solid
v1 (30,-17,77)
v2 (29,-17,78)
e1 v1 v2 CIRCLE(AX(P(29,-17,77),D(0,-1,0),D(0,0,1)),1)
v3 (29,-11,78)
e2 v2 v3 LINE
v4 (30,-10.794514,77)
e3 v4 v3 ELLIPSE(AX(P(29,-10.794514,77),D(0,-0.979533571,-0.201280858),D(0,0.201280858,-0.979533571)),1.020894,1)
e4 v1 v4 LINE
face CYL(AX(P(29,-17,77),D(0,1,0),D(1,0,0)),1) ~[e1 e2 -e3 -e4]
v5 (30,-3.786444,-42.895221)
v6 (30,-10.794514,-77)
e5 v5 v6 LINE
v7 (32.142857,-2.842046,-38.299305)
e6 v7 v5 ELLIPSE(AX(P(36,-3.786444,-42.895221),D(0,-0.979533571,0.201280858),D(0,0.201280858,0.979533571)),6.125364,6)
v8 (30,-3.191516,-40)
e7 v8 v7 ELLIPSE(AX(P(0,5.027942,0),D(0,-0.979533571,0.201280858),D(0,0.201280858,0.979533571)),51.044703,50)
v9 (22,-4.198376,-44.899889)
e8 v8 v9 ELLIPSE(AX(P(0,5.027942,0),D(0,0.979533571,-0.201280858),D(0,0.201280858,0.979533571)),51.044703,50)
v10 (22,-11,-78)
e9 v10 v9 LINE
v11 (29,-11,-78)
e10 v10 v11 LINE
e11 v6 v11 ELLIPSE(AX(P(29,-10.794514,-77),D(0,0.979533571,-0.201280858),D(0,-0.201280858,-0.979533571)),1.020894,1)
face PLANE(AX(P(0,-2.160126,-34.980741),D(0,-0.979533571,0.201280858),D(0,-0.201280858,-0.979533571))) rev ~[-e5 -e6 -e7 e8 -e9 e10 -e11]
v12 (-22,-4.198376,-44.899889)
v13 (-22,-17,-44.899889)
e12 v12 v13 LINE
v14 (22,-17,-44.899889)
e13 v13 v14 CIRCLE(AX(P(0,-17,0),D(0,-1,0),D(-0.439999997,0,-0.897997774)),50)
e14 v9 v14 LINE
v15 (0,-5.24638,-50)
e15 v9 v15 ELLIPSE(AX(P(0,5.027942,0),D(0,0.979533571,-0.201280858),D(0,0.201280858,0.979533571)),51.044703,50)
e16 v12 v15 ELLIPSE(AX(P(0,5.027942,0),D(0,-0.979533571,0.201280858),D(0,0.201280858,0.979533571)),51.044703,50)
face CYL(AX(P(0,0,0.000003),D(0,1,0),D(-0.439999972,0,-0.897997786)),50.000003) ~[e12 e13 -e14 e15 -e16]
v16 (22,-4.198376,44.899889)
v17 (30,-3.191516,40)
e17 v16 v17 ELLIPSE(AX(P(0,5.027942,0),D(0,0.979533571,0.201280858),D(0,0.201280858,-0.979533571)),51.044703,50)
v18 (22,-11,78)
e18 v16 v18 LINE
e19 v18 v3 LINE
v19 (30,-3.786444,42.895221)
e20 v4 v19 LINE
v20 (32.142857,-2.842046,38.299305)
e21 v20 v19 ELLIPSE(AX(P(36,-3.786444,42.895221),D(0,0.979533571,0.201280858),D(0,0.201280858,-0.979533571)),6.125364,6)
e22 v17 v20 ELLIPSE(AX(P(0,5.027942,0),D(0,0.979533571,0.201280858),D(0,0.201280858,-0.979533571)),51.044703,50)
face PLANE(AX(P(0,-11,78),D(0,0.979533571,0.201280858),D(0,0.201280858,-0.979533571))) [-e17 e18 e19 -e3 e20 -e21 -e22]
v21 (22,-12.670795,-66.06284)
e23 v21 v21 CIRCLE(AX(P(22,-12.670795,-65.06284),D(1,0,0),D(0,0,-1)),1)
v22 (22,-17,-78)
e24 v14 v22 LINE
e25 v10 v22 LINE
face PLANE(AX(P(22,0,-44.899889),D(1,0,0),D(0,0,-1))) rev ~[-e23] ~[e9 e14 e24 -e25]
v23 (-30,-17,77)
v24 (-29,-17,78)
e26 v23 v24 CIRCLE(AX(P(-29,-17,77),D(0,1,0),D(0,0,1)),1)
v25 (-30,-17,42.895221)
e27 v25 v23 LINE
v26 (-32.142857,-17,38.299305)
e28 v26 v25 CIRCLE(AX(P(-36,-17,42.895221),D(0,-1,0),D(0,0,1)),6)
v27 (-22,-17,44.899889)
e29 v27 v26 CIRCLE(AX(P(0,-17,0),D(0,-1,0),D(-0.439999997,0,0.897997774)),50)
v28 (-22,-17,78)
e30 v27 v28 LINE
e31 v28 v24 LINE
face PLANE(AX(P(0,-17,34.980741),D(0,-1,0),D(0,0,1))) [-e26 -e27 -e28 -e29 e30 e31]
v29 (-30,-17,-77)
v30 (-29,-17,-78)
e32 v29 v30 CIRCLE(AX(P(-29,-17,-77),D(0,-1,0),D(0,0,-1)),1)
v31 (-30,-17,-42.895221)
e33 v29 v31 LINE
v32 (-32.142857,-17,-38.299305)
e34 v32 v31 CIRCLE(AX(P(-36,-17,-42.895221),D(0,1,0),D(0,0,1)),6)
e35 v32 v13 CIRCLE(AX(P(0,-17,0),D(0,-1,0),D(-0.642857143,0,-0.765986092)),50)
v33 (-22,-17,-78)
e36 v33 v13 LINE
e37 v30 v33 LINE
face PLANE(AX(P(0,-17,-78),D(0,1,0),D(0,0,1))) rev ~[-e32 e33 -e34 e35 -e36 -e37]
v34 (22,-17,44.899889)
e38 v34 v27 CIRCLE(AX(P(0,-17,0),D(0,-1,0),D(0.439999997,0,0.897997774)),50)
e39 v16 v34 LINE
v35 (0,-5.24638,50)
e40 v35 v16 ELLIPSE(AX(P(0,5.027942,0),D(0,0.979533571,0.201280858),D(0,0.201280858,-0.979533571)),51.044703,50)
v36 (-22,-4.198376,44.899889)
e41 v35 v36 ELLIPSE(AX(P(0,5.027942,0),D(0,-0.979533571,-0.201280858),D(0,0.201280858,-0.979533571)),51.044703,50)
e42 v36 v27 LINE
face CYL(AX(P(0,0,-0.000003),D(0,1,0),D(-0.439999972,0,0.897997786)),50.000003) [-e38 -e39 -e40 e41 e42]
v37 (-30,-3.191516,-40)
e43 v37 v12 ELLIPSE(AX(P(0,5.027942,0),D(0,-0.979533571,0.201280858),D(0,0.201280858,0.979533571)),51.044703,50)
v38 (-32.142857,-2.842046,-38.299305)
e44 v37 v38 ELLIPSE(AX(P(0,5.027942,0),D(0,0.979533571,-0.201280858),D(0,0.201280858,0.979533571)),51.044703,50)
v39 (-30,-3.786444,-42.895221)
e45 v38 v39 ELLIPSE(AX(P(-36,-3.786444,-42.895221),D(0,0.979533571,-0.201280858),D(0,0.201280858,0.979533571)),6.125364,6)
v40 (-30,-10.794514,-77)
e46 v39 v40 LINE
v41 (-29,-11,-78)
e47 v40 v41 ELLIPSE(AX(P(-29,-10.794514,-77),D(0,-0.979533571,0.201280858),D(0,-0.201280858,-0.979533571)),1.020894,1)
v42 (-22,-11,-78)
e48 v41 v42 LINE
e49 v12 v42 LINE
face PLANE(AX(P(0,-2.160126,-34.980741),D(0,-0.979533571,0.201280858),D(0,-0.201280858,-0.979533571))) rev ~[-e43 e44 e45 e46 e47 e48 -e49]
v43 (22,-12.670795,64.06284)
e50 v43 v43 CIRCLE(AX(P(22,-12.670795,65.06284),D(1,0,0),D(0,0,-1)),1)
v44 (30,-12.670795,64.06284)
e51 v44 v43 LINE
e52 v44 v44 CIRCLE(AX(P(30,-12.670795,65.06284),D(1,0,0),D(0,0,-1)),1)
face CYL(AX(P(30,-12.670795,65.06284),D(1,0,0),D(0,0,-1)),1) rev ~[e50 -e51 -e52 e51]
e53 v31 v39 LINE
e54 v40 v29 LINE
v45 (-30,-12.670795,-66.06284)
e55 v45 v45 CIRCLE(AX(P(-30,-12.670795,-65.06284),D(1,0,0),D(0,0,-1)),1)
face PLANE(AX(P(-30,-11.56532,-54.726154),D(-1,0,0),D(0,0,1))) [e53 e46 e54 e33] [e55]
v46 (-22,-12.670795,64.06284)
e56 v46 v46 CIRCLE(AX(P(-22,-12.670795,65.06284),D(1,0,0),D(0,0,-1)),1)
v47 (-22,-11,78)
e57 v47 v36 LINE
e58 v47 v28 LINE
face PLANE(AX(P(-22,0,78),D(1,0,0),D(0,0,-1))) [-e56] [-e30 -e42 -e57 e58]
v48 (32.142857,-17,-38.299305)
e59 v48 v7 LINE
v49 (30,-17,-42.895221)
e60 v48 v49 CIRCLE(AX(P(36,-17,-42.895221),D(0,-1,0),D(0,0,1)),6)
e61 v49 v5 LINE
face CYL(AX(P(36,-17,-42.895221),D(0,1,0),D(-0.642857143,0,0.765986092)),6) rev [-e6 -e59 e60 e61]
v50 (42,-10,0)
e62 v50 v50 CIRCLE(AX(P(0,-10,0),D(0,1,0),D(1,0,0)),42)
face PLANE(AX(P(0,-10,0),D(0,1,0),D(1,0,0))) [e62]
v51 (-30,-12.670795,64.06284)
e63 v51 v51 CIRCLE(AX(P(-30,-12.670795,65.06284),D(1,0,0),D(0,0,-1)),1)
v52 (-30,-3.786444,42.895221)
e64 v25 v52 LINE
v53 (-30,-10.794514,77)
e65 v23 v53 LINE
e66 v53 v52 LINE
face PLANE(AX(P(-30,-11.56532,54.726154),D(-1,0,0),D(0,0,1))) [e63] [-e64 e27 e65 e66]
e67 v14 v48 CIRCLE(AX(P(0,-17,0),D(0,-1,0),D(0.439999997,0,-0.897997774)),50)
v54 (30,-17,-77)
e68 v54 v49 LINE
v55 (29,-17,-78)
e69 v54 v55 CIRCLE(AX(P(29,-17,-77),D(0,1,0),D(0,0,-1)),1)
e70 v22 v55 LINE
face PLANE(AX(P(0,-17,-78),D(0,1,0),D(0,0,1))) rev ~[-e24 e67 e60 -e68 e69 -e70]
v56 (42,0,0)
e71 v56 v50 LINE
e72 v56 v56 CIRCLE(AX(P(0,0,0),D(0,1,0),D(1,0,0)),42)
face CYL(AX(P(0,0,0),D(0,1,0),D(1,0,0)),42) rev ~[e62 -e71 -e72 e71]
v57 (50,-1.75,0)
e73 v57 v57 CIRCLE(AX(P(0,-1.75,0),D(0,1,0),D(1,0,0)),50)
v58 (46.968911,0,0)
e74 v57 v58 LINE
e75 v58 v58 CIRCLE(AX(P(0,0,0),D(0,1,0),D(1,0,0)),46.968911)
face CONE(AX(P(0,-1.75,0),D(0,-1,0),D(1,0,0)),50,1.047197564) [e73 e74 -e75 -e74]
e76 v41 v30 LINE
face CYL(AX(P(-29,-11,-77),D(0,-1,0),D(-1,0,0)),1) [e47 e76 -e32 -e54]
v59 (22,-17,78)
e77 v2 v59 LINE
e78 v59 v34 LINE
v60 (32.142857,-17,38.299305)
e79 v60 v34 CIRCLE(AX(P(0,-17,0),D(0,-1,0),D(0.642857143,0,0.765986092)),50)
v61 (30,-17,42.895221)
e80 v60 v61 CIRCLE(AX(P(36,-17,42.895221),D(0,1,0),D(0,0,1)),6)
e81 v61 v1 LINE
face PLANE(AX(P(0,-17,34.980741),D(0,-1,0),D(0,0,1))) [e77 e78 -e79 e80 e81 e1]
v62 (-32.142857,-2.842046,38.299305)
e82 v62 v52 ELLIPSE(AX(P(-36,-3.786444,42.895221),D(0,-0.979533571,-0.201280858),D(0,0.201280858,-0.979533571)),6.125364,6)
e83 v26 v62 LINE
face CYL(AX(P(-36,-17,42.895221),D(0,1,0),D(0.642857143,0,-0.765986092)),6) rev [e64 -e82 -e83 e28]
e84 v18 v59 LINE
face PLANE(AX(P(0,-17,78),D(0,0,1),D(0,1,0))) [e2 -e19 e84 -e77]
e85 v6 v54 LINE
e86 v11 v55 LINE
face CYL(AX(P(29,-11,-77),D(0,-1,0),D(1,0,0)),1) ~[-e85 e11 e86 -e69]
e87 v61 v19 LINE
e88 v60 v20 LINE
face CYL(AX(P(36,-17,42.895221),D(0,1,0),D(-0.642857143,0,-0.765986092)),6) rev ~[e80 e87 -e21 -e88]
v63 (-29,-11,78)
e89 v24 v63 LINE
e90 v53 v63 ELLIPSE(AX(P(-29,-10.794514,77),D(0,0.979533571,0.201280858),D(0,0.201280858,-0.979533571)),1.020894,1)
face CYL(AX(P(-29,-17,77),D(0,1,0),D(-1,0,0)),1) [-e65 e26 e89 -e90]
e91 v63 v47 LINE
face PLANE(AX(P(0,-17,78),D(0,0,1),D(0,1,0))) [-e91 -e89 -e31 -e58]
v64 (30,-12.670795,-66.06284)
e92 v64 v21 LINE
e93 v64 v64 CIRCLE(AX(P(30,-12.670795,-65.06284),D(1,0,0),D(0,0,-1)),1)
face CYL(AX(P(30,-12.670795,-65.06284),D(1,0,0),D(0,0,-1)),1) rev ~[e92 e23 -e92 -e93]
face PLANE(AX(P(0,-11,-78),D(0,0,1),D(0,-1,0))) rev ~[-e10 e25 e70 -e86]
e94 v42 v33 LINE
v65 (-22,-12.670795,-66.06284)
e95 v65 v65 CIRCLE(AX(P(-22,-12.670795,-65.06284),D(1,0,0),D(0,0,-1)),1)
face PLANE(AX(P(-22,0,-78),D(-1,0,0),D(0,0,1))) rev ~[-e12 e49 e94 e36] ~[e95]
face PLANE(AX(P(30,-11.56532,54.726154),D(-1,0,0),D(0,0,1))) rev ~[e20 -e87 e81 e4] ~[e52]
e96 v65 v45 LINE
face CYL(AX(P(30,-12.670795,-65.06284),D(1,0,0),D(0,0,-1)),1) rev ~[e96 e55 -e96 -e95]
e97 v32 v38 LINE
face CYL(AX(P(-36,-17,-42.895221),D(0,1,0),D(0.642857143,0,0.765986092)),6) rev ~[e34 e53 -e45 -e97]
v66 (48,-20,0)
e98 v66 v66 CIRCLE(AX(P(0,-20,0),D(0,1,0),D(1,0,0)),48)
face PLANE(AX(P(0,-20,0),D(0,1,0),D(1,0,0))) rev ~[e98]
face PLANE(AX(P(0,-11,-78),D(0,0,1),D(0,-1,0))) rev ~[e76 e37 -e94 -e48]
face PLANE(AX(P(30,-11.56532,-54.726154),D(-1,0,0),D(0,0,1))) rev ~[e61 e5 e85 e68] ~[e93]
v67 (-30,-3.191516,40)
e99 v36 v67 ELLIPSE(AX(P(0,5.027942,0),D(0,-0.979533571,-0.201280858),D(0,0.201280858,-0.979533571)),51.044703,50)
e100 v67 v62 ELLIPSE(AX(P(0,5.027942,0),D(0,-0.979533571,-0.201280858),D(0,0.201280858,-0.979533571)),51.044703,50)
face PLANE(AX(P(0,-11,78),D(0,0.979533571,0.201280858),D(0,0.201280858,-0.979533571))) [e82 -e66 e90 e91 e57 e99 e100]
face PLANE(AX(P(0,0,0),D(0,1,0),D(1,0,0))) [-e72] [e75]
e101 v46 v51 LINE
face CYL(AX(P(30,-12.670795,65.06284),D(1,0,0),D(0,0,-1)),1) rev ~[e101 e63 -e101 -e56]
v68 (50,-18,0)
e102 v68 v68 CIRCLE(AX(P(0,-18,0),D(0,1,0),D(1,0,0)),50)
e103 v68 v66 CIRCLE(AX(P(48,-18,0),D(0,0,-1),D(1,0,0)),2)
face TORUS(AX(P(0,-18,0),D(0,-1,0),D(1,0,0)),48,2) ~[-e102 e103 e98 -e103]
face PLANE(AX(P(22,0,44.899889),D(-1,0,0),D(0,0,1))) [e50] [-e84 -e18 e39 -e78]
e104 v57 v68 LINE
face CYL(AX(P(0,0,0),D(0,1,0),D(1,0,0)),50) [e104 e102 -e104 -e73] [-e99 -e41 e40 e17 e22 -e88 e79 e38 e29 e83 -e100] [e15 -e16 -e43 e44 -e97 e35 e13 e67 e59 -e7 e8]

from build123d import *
from build123d.topology import SkipClean

# Parameters (mm, degrees)
SKETCH1_R                = 50
BOSS_EXTRUDE1_DEPTH      = 20
BOSS_EXTRUDE2_DEPTH      = 30
BOSS_EXTRUDE2_DEPTH_BACK = 30
CUT_EXTRUDE2_DEPTH       = 30
CHAMFER1_SIZE            = 1.75
CHAMFER1_SIZE2           = 3.031089
SKETCH5_R                = 42
CUT_EXTRUDE3_DEPTH       = 10
FILLET1_R                = 6
FILLET2_R                = 6
FILLET3_R                = 2
FILLET4_R                = 1
CUT_EXTRUDE5_DEPTH       = 20
CUT_EXTRUDE5_DEPTH_BACK  = 85
SKETCH7_R                = 1
CUT_EXTRUDE6_DEPTH       = 25
CUT_EXTRUDE6_DEPTH_BACK  = 93
SKETCH8_R                = 1


with BuildPart() as part:
    # Sketch1 → Boss-Extrude1 (new body)
    with BuildSketch(Plane(origin=(0, 0, 0), x_dir=(1, 0, 0), z_dir=(0, 1, 0))):
        Circle(SKETCH1_R)
    extrude(amount=-BOSS_EXTRUDE1_DEPTH)

    # Sketch3 → Boss-Extrude2 (add, two sides: drawn at the far end of the back side and taken through both)
    with BuildSketch(Plane(origin=(0, 0, 0), x_dir=(0, 0, -1), z_dir=(1, 0, 0)).offset(-BOSS_EXTRUDE2_DEPTH_BACK)):
        Polygon((34.980741, -17), (34.980741, -2.160126), (78, -11), (78, -17), align=None)
        Polygon((-78, -11), (-34.980741, -2.160126), (-34.980741, -17), (-78, -17), align=None)
    extrude(amount=BOSS_EXTRUDE2_DEPTH + BOSS_EXTRUDE2_DEPTH_BACK)

    # Sketch4 → Cut-Extrude2 (cut)
    with SkipClean():  # the faces are left unmerged after this step: merging them gives an invalid solid
        with BuildSketch(Plane(origin=(0, 0, 0), x_dir=(1, 0, 0), z_dir=(0, 1, 0))):
            with BuildLine():
                Line((22, 78), (-22, 78))
                Line((-22, 78), (-22, 44.899889))
                ThreePointArc((-22, 44.899889), (0, 50), (22, 44.899889))
                Line((22, 44.899889), (22, 78))
            make_face()
            with BuildLine():
                Line((-22, -78), (-22, -44.899889))
                ThreePointArc((-22, -44.899889), (0, -50), (22, -44.899889))
                Line((22, -44.899889), (22, -78))
                Line((22, -78), (-22, -78))
            make_face()
        extrude(amount=-CUT_EXTRUDE2_DEPTH, mode=Mode.SUBTRACT)

    # Chamfer1
    chamfer1_edges = [part.edges().sort_by_distance(p)[0] for p in [
        (0, 0, 50),
    ]]
    chamfer1_side = [part.faces().sort_by_distance(p)[0] for p in [
        (0, -2.700156, 50),
    ]]
    chamfer(chamfer1_edges, length=CHAMFER1_SIZE, length2=CHAMFER1_SIZE2, reference=chamfer1_side[0])

    # Sketch5 → Cut-Extrude3 (cut)
    with SkipClean():  # the faces are left unmerged after this step: merging them gives an invalid solid
        with BuildSketch(Plane(origin=(0, 0, 0), x_dir=(1, 0, 0), z_dir=(0, 1, 0))):
            Circle(SKETCH5_R)
        extrude(amount=-CUT_EXTRUDE3_DEPTH, mode=Mode.SUBTRACT)

    # Fillet1
    fillet1_edges = [part.edges().sort_by_distance(p)[0] for p in [
        (30, -10.095758, 40),
    ]]
    fillet(fillet1_edges, radius=FILLET1_R)

    # Fillet2
    fillet2_edges = [part.edges().sort_by_distance(p)[0] for p in [
        (30, -10.095758, -40),
        (-30, -10.095758, -40),
        (-30, -10.095758, 40),
    ]]
    fillet(fillet2_edges, radius=FILLET2_R)

    # Fillet3
    fillet3_edges = [part.edges().sort_by_distance(p)[0] for p in [
        (0, -20, 50),
    ]]
    fillet(fillet3_edges, radius=FILLET3_R)

    # Fillet4
    fillet4_edges = [part.edges().sort_by_distance(p)[0] for p in [
        (30, -14, 78),
        (-30, -14, 78),
        (30, -14, -78),
        (-30, -14, -78),
    ]]
    fillet(fillet4_edges, radius=FILLET4_R)

    # Sketch7 → Cut-Extrude5 (cut, two sides: drawn at the far end of the back side and taken through both)
    with SkipClean():  # the faces are left unmerged after this step: merging them gives an invalid solid
        with BuildSketch(Plane(origin=(30, 0, 0), x_dir=(0, 0, -1), z_dir=(1, 0, 0)).offset(-CUT_EXTRUDE5_DEPTH_BACK)):
            with Locations((-65.06284, -12.670795)):
                Circle(SKETCH7_R)
        extrude(amount=CUT_EXTRUDE5_DEPTH + CUT_EXTRUDE5_DEPTH_BACK, mode=Mode.SUBTRACT)

    # Sketch8 → Cut-Extrude6 (cut, two sides: drawn at the far end of the back side and taken through both)
    with SkipClean():  # the faces are left unmerged after this step: merging them gives an invalid solid
        with BuildSketch(Plane(origin=(30, 0, 0), x_dir=(0, 0, -1), z_dir=(1, 0, 0)).offset(-CUT_EXTRUDE6_DEPTH_BACK)):
            with Locations((65.06284, -12.670795)):
                Circle(SKETCH8_R)
        extrude(amount=CUT_EXTRUDE6_DEPTH + CUT_EXTRUDE6_DEPTH_BACK, mode=Mode.SUBTRACT)


solid = part.part
